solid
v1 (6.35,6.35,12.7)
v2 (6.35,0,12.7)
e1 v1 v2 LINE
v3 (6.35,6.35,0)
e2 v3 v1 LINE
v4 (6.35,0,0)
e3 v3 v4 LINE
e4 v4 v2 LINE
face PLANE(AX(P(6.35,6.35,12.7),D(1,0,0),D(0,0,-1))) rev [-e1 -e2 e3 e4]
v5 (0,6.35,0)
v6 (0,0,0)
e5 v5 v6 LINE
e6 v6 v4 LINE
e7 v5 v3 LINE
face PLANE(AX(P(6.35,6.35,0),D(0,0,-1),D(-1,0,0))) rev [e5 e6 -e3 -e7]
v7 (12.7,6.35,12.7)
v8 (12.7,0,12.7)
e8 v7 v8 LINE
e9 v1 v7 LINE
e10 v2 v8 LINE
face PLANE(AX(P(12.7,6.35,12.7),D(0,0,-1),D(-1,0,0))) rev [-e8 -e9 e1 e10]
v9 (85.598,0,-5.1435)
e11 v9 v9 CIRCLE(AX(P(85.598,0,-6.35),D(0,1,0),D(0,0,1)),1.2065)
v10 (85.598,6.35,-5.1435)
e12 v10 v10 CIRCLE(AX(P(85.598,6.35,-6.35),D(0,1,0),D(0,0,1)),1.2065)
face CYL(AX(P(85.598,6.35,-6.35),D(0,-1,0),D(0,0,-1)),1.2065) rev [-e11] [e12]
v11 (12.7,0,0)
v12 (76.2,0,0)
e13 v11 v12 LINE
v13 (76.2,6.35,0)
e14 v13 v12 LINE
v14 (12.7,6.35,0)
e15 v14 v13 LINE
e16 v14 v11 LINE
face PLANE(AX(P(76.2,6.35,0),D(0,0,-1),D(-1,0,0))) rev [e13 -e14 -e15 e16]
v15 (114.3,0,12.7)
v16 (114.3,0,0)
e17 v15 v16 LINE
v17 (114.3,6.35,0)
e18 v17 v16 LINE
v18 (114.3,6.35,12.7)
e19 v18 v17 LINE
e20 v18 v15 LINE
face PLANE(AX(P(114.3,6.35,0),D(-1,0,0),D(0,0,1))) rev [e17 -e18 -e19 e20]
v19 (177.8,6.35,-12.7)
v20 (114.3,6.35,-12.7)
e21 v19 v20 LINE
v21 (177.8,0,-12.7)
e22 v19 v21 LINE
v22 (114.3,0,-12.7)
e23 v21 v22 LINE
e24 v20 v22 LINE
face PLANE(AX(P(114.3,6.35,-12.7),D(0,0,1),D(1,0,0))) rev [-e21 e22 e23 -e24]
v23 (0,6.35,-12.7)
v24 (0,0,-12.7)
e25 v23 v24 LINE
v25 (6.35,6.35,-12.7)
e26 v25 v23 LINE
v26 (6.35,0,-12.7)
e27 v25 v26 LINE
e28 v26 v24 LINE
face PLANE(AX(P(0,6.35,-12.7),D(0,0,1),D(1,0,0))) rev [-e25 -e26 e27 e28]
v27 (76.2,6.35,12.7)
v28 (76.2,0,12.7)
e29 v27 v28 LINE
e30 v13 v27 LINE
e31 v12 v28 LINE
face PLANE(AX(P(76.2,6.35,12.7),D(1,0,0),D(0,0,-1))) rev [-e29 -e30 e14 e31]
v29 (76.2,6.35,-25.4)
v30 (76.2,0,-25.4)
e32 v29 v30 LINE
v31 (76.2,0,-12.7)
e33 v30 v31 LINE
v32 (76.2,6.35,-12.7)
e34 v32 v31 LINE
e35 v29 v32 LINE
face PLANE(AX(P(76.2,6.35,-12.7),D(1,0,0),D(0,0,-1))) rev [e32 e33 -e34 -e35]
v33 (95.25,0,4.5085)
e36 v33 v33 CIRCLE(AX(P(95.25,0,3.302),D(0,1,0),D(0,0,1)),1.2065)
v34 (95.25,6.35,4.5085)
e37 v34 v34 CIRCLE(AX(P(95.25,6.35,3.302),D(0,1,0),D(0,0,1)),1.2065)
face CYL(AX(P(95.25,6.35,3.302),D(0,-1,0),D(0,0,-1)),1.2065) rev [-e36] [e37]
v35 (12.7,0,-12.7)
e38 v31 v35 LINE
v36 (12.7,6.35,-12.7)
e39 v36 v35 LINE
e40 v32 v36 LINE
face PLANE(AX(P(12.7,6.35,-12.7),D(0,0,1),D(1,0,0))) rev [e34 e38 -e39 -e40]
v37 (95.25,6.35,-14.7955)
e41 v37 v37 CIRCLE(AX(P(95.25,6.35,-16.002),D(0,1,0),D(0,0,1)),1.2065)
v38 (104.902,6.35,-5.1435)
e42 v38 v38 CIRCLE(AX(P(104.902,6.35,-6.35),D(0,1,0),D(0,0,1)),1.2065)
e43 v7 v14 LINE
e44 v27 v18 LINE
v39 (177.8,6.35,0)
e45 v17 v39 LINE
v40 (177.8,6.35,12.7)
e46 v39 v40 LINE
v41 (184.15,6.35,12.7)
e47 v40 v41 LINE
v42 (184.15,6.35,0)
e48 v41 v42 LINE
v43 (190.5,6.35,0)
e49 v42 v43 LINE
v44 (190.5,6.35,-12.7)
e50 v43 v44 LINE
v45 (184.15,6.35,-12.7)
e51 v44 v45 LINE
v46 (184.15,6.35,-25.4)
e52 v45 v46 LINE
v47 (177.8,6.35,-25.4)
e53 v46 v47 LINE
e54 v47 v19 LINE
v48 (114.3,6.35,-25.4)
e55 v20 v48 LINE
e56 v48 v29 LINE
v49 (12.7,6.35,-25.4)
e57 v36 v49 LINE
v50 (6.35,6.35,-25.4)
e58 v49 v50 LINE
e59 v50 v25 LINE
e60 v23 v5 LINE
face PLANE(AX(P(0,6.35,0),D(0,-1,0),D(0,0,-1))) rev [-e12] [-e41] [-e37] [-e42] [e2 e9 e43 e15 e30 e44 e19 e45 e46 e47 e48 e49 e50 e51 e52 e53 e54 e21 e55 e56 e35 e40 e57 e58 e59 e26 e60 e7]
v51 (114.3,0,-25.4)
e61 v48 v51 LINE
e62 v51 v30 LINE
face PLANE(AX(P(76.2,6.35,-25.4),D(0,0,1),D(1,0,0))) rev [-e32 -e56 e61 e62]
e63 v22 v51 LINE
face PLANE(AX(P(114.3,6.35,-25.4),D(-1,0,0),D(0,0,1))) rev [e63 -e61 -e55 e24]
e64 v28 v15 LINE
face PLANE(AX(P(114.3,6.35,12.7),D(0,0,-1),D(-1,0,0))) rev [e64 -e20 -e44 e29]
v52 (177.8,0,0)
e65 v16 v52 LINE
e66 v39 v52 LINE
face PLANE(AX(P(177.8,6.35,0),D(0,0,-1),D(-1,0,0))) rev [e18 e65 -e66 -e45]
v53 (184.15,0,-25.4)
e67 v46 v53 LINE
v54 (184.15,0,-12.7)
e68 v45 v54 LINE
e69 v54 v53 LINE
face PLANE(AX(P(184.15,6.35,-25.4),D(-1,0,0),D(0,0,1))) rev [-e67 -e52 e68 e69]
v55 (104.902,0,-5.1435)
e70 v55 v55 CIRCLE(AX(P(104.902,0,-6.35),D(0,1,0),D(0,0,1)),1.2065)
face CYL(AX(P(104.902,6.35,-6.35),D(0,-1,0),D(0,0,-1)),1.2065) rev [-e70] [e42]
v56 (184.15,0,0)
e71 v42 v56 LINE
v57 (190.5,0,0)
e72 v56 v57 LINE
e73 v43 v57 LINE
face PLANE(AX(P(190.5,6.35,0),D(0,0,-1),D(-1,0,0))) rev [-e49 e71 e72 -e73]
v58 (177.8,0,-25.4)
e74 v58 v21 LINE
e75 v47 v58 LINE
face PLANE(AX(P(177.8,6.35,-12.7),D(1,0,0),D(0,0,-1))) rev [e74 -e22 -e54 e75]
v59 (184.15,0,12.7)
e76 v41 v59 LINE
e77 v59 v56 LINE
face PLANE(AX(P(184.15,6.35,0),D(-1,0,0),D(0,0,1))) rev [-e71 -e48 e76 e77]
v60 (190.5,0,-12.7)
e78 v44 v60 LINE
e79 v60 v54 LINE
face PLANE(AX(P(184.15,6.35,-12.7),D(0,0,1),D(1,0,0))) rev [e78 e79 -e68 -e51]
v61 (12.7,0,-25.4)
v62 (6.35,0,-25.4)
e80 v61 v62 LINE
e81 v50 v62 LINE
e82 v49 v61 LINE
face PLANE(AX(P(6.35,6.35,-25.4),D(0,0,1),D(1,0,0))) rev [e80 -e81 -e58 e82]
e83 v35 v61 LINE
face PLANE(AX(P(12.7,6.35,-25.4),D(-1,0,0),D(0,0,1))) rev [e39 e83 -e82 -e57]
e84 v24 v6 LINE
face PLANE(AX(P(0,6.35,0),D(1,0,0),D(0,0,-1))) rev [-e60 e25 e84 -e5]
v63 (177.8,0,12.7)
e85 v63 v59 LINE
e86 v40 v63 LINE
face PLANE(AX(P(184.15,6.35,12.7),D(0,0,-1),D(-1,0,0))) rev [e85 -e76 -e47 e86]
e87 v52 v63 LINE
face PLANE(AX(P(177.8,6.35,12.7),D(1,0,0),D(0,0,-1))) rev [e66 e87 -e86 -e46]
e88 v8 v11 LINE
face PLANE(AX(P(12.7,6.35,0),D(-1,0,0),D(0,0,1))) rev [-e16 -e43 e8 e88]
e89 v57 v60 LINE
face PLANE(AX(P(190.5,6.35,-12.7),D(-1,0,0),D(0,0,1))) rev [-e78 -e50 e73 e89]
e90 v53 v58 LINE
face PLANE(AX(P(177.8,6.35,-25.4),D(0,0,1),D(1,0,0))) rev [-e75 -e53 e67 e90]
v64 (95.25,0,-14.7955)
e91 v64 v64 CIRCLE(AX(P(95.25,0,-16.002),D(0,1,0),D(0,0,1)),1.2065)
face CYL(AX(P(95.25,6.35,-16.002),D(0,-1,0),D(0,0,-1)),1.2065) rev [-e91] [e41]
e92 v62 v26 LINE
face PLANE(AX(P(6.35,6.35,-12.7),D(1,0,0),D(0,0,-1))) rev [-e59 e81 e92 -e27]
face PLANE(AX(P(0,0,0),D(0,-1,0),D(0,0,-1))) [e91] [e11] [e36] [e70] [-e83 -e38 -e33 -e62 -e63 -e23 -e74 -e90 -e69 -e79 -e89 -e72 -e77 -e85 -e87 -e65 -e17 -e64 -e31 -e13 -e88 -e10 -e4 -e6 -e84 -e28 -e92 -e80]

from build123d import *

# Parameters (mm, degrees)
SKETCH1_R           = 1.2065
BOSS_EXTRUDE1_DEPTH = 6.35


with BuildPart() as part:
    # Sketch1 → Boss-Extrude1 (new body)
    with BuildSketch(Plane(origin=(0, 0, 0), x_dir=(1, 0, 0), z_dir=(0, 1, 0))):
        Polygon((0, 0), (0, 12.7), (6.35, 12.7), (6.35, 25.4), (12.7, 25.4), (12.7, 12.7), (76.2, 12.7), (76.2, 25.4), (114.3, 25.4), (114.3, 12.7), (177.8, 12.7), (177.8, 25.4), (184.15, 25.4), (184.15, 12.7), (190.5, 12.7), (190.5, 0), (184.15, 0), (184.15, -12.7), (177.8, -12.7), (177.8, 0), (114.3, 0), (114.3, -12.7), (76.2, -12.7), (76.2, 0), (12.7, 0), (12.7, -12.7), (6.35, -12.7), (6.35, 0), align=None)
        with Locations(Location((85.598, 6.35, 0), (0, 0, 270))):
            Circle(SKETCH1_R, mode=Mode.SUBTRACT)
        with Locations(Location((104.902, 6.35, 0), (0, 0, 270))):
            Circle(SKETCH1_R, mode=Mode.SUBTRACT)
        with Locations(Location((95.25, 16.002, 0), (0, 0, 270))):
            Circle(SKETCH1_R, mode=Mode.SUBTRACT)
        with Locations(Location((95.25, -3.302, 0), (0, 0, 270))):
            Circle(SKETCH1_R, mode=Mode.SUBTRACT)
    extrude(amount=BOSS_EXTRUDE1_DEPTH)


solid = part.part
